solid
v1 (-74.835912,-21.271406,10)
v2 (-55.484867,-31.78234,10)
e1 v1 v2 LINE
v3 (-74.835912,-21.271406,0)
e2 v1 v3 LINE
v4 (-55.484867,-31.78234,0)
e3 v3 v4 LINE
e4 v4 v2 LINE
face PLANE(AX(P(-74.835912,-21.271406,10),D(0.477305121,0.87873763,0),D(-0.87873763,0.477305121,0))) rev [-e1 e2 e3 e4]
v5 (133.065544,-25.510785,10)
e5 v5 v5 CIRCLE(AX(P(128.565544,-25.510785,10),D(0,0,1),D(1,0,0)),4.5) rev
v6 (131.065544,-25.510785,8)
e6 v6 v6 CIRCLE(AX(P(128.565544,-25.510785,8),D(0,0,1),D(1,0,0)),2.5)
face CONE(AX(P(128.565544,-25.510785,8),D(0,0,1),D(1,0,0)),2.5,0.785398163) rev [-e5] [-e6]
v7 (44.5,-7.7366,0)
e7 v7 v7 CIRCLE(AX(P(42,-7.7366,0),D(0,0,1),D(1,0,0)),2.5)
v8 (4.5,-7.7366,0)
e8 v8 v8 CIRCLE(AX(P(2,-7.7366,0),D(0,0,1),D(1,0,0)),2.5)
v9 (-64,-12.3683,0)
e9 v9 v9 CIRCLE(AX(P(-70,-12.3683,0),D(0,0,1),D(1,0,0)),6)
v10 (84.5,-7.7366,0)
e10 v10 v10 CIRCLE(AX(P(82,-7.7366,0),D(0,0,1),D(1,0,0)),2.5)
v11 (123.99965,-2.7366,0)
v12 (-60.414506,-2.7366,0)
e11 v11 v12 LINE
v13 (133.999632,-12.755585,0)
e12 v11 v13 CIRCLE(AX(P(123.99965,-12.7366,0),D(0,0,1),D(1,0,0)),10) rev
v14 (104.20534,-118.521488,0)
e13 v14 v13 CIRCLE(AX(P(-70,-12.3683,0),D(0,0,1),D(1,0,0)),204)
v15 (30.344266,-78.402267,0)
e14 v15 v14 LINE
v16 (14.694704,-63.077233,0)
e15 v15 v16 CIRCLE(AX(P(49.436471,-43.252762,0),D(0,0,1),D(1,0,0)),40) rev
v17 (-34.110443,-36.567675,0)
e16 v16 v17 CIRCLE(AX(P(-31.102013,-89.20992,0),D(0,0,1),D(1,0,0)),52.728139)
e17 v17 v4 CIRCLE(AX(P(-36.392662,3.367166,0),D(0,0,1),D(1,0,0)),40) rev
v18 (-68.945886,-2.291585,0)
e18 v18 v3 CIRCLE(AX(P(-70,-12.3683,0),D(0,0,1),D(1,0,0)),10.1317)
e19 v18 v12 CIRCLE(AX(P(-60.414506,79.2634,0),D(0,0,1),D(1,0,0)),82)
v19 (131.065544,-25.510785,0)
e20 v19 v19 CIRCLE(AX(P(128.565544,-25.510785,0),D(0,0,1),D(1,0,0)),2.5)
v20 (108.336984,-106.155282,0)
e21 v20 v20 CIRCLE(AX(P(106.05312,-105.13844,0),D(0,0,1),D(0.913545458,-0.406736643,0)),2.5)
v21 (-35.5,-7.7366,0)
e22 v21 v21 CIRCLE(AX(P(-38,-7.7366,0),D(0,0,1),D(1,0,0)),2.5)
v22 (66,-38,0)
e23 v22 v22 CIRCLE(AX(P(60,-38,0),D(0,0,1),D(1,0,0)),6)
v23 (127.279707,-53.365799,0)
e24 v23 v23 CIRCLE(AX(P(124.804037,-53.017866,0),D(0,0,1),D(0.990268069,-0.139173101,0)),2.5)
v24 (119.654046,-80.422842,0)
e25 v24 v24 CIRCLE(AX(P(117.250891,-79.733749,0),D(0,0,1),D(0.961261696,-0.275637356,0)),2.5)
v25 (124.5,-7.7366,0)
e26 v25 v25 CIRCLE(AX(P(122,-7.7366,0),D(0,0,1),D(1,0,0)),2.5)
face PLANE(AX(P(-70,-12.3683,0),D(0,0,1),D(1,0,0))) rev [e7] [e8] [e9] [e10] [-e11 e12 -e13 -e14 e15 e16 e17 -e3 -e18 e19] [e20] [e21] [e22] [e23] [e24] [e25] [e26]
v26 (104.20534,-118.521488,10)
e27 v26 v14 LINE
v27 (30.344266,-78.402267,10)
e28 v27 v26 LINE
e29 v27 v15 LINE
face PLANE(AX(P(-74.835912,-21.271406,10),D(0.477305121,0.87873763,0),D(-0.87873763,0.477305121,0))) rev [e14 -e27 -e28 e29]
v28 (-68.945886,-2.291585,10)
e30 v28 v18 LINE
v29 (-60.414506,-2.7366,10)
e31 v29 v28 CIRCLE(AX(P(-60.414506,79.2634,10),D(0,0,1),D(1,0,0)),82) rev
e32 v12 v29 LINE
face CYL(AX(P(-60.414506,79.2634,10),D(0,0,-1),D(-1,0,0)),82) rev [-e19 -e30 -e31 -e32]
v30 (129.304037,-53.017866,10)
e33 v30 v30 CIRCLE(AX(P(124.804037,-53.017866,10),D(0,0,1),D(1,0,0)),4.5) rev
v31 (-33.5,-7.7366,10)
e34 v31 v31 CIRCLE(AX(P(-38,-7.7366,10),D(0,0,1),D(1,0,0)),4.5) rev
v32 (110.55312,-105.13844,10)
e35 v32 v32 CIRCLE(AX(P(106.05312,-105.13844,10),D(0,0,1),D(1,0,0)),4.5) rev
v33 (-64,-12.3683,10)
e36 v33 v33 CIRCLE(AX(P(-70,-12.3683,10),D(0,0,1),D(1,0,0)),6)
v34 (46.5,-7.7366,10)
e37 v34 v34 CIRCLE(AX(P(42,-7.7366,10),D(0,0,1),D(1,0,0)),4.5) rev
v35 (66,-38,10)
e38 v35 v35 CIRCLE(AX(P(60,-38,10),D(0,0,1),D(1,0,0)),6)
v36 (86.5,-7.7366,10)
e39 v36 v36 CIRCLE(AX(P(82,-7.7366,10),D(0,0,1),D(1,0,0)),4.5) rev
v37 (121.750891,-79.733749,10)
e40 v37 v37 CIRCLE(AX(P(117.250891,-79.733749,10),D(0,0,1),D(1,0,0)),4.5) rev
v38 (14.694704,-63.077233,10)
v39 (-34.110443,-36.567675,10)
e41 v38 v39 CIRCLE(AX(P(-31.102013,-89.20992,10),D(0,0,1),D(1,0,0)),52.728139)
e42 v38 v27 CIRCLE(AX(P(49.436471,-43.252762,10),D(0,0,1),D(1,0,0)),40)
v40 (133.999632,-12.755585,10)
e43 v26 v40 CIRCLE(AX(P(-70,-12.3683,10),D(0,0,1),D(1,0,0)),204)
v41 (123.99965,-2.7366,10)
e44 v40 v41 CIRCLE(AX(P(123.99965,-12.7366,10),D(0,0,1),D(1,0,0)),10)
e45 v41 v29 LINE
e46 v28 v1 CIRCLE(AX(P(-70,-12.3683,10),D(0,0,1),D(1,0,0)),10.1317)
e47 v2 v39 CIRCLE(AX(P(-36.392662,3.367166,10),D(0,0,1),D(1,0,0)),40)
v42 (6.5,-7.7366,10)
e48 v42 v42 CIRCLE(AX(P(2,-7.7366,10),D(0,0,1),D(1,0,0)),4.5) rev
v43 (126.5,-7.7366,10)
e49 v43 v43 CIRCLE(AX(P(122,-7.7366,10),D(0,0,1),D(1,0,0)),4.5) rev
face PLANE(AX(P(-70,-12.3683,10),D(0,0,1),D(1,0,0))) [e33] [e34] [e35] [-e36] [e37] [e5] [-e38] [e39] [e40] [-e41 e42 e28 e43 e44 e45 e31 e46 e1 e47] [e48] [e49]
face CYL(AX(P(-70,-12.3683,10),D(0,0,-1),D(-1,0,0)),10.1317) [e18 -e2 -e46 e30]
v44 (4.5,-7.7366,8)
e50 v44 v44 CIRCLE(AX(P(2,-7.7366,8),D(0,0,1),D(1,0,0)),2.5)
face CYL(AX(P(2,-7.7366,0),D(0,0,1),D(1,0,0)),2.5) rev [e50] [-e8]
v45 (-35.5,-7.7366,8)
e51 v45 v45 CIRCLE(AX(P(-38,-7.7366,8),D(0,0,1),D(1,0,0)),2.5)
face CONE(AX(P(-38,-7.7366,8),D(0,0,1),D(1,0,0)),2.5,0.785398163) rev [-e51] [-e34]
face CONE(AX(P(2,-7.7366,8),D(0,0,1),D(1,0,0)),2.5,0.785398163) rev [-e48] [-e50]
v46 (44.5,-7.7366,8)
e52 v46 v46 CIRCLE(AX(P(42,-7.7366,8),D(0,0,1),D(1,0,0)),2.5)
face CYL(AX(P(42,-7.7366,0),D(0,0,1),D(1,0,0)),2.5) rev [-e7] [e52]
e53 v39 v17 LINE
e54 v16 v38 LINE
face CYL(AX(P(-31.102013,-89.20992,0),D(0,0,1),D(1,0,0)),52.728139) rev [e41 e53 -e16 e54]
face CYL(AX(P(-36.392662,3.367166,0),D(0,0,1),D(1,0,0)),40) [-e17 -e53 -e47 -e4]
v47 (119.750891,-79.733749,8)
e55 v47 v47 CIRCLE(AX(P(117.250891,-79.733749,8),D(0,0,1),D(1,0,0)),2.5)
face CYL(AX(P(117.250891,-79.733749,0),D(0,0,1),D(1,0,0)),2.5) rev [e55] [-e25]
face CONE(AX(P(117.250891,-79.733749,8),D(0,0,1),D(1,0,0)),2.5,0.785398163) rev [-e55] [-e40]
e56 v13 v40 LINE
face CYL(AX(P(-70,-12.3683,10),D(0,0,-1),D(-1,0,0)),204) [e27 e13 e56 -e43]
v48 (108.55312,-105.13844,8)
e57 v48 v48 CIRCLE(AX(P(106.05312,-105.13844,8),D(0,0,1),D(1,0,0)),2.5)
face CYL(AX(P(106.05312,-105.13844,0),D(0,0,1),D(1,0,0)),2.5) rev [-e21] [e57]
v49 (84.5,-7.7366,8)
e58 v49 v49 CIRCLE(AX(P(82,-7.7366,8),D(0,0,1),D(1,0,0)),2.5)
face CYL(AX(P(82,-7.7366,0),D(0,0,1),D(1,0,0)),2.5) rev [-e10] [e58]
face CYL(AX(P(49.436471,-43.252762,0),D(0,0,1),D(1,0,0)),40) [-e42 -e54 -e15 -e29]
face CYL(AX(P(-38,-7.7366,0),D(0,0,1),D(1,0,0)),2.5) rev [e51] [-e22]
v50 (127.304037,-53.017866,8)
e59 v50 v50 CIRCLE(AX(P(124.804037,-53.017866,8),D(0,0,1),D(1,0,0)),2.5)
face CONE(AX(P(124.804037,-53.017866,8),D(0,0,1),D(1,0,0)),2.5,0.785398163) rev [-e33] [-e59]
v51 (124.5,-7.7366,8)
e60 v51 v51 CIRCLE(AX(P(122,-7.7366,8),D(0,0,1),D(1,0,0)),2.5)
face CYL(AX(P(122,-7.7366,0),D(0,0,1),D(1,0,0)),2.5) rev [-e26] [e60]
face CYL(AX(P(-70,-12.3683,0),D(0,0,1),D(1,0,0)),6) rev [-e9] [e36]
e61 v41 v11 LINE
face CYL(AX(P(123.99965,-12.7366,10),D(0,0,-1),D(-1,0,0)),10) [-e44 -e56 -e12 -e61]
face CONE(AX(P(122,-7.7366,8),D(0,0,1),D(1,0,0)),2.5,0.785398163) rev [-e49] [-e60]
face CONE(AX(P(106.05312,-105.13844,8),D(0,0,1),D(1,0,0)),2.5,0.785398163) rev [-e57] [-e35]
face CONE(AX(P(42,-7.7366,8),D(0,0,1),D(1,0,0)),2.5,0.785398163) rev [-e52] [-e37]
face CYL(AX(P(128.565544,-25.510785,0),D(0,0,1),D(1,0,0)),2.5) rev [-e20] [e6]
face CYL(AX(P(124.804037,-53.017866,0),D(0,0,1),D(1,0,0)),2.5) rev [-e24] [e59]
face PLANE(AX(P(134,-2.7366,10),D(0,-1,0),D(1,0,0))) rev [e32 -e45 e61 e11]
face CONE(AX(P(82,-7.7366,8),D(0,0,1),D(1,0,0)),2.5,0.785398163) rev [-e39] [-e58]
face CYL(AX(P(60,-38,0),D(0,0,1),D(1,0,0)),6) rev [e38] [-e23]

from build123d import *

# Parameters (mm, degrees)
SKETCH1_R                    = 3
BOSS_EXTRUDE1_DEPTH          = 10
SKETCH2_R                    = 6
CUT_EXTRUDE1_DEPTH           = 10
SKETCH3_R                    = 52.728139035
CUT_EXTRUDE2_DEPTH           = 10
FILLET1_R                    = 40
SKETCH4_R                    = 2.5
CUT_EXTRUDE3_DEPTH           = 10
CHAMFER1_SIZE                = 2
FILLET2_R                    = 10
LPATTERN3_COUNT              = 5
LPATTERN3_PITCH              = 40
CHAMFER1_OF_LPATTERN3_SIZE   = 2
SKETCH5_R                    = 2.5
CUT_EXTRUDE4_DEPTH           = 10
CHAMFER2_SIZE                = 2
CIRPATTERN2_COUNT            = 45
CHAMFER2_OF_CIRPATTERN2_SIZE = 2
FILLET4_R                    = 82


with BuildPart() as part:
    # Sketch1 → Boss-Extrude1 (new body)
    with BuildSketch(Plane.XY):
        with BuildLine():
            Line((134, -12.3683), (134, -2.7366))
            Line((134, -2.7366), (-66.856482862, -2.7366))
            ThreePointArc((-66.856482862, -2.7366), (-79.305955572, -8.361988007), (-74.83591229, -21.271406043))
            Line((-74.83591229, -21.271406043), (104.205340418, -118.521488224))
            ThreePointArc((104.205340418, -118.521488224), (120.331391511, -85.784656527), (130.366665775, -50.69843496))
            ThreePointArc((130.366665775, -50.69843496), (131.475070851, -44.365109618), (132.383339124, -38))
            ThreePointArc((132.383339124, -38), (133.595433619, -25.209616495), (134, -12.3683))
        make_face()
        with Locations((60, -38)):
            Circle(SKETCH1_R, mode=Mode.SUBTRACT)
        with Locations((-70, -12.3683)):
            Circle(SKETCH1_R, mode=Mode.SUBTRACT)
    extrude(amount=BOSS_EXTRUDE1_DEPTH)

    # Sketch2 → Cut-Extrude1 (cut)
    with BuildSketch(Plane.XY.offset(10)):
        with Locations((60, -38)):
            Circle(SKETCH2_R)
        with Locations((-70, -12.3683)):
            Circle(SKETCH2_R)
    extrude(amount=-CUT_EXTRUDE1_DEPTH, mode=Mode.SUBTRACT)

    # Sketch3 → Cut-Extrude2 (cut)
    with BuildSketch(Plane.XY.offset(10)):
        with Locations((-31.102013179, -89.20992017)):
            Circle(SKETCH3_R)
    extrude(amount=-CUT_EXTRUDE2_DEPTH, mode=Mode.SUBTRACT)

    # Fillet1
    fillet1_edges = [part.edges().sort_by_distance(p)[0] for p in [
        (18.78007916, -72.120932196, 5),
        (-43.920680471, -38.063674805, 5),
    ]]
    fillet(fillet1_edges, radius=FILLET1_R)

    # Sketch4 → Cut-Extrude3 (cut)
    with BuildSketch(Plane.XY.offset(10)):
        with Locations((122, -7.7366)):
            Circle(SKETCH4_R)
    cut_extrude3 = extrude(amount=-CUT_EXTRUDE3_DEPTH, mode=Mode.SUBTRACT)

    # Chamfer1
    chamfer1_edges = [part.edges().sort_by_distance(p)[0] for p in [
        (119.5, -7.7366, 10),
    ]]
    chamfer(chamfer1_edges, length=CHAMFER1_SIZE)

    # Fillet2
    fillet2_edges = [part.edges().sort_by_distance(p)[0] for p in [
        (134, -2.7366, 5),
    ]]
    fillet(fillet2_edges, radius=FILLET2_R)

    # LPattern3: Cut-Extrude3 ×5
    with Locations(*[(-i * LPATTERN3_PITCH, 0, 0) for i in range(1, LPATTERN3_COUNT)]):
        add(cut_extrude3, mode=Mode.SUBTRACT)

    # Chamfer1 of LPattern3
    chamfer1_of_lpattern3_edges = [part.edges().sort_by_distance(p)[0] for p in [
        (79.5, -7.7366, 10),
        (39.5, -7.7366, 10),
        (-0.5, -7.7366, 10),
        (-40.5, -7.7366, 10),
    ]]
    chamfer(chamfer1_of_lpattern3_edges, length=CHAMFER1_OF_LPATTERN3_SIZE)

    # Sketch5 → Cut-Extrude4 (cut)
    with BuildSketch(Plane.XY.offset(10)):
        with Locations((128.565543545, -25.510785173)):
            Circle(SKETCH5_R)
    cut_extrude4 = extrude(amount=-CUT_EXTRUDE4_DEPTH, mode=Mode.SUBTRACT)

    # Chamfer2
    chamfer2_edges = [part.edges().sort_by_distance(p)[0] for p in [
        (126.065543545, -25.510785173, 10),
    ]]
    chamfer(chamfer2_edges, length=CHAMFER2_SIZE)

    # CirPattern2: Cut-Extrude4 ×45 about axis, 41 skipped
    cirpattern2_axis = Axis((-70, -12.3683, 10), (0, 0, 1))
    add([cut_extrude4.rotate(cirpattern2_axis, i * 360 / CIRPATTERN2_COUNT) for i in range(1, CIRPATTERN2_COUNT) if i not in (1, 2, 3, 4, 5, 6, 7, 8, 9, 10, 11, 12, 13, 14, 15, 16, 17, 18, 19, 20, 21, 22, 23, 24, 25, 26, 27, 28, 29, 30, 31, 32, 33, 34, 35, 36, 37, 38, 39, 40, 41)], mode=Mode.SUBTRACT)

    # Chamfer2 of CirPattern2
    chamfer2_of_cirpattern2_edges = [part.edges().sort_by_distance(p)[0] for p in [
        (103.769256405, -104.121598636, 10),
        (114.847737042, -79.044655576, 10),
        (122.328366738, -52.669933097, 10),
    ]]
    chamfer(chamfer2_of_cirpattern2_edges, length=CHAMFER2_OF_CIRPATTERN2_SIZE)

    # Fillet4
    fillet4_edges = [part.edges().sort_by_distance(p)[0] for p in [
        (-66.856482862, -2.7366, 5),
    ]]
    fillet(fillet4_edges, radius=FILLET4_R)


solid = part.part
